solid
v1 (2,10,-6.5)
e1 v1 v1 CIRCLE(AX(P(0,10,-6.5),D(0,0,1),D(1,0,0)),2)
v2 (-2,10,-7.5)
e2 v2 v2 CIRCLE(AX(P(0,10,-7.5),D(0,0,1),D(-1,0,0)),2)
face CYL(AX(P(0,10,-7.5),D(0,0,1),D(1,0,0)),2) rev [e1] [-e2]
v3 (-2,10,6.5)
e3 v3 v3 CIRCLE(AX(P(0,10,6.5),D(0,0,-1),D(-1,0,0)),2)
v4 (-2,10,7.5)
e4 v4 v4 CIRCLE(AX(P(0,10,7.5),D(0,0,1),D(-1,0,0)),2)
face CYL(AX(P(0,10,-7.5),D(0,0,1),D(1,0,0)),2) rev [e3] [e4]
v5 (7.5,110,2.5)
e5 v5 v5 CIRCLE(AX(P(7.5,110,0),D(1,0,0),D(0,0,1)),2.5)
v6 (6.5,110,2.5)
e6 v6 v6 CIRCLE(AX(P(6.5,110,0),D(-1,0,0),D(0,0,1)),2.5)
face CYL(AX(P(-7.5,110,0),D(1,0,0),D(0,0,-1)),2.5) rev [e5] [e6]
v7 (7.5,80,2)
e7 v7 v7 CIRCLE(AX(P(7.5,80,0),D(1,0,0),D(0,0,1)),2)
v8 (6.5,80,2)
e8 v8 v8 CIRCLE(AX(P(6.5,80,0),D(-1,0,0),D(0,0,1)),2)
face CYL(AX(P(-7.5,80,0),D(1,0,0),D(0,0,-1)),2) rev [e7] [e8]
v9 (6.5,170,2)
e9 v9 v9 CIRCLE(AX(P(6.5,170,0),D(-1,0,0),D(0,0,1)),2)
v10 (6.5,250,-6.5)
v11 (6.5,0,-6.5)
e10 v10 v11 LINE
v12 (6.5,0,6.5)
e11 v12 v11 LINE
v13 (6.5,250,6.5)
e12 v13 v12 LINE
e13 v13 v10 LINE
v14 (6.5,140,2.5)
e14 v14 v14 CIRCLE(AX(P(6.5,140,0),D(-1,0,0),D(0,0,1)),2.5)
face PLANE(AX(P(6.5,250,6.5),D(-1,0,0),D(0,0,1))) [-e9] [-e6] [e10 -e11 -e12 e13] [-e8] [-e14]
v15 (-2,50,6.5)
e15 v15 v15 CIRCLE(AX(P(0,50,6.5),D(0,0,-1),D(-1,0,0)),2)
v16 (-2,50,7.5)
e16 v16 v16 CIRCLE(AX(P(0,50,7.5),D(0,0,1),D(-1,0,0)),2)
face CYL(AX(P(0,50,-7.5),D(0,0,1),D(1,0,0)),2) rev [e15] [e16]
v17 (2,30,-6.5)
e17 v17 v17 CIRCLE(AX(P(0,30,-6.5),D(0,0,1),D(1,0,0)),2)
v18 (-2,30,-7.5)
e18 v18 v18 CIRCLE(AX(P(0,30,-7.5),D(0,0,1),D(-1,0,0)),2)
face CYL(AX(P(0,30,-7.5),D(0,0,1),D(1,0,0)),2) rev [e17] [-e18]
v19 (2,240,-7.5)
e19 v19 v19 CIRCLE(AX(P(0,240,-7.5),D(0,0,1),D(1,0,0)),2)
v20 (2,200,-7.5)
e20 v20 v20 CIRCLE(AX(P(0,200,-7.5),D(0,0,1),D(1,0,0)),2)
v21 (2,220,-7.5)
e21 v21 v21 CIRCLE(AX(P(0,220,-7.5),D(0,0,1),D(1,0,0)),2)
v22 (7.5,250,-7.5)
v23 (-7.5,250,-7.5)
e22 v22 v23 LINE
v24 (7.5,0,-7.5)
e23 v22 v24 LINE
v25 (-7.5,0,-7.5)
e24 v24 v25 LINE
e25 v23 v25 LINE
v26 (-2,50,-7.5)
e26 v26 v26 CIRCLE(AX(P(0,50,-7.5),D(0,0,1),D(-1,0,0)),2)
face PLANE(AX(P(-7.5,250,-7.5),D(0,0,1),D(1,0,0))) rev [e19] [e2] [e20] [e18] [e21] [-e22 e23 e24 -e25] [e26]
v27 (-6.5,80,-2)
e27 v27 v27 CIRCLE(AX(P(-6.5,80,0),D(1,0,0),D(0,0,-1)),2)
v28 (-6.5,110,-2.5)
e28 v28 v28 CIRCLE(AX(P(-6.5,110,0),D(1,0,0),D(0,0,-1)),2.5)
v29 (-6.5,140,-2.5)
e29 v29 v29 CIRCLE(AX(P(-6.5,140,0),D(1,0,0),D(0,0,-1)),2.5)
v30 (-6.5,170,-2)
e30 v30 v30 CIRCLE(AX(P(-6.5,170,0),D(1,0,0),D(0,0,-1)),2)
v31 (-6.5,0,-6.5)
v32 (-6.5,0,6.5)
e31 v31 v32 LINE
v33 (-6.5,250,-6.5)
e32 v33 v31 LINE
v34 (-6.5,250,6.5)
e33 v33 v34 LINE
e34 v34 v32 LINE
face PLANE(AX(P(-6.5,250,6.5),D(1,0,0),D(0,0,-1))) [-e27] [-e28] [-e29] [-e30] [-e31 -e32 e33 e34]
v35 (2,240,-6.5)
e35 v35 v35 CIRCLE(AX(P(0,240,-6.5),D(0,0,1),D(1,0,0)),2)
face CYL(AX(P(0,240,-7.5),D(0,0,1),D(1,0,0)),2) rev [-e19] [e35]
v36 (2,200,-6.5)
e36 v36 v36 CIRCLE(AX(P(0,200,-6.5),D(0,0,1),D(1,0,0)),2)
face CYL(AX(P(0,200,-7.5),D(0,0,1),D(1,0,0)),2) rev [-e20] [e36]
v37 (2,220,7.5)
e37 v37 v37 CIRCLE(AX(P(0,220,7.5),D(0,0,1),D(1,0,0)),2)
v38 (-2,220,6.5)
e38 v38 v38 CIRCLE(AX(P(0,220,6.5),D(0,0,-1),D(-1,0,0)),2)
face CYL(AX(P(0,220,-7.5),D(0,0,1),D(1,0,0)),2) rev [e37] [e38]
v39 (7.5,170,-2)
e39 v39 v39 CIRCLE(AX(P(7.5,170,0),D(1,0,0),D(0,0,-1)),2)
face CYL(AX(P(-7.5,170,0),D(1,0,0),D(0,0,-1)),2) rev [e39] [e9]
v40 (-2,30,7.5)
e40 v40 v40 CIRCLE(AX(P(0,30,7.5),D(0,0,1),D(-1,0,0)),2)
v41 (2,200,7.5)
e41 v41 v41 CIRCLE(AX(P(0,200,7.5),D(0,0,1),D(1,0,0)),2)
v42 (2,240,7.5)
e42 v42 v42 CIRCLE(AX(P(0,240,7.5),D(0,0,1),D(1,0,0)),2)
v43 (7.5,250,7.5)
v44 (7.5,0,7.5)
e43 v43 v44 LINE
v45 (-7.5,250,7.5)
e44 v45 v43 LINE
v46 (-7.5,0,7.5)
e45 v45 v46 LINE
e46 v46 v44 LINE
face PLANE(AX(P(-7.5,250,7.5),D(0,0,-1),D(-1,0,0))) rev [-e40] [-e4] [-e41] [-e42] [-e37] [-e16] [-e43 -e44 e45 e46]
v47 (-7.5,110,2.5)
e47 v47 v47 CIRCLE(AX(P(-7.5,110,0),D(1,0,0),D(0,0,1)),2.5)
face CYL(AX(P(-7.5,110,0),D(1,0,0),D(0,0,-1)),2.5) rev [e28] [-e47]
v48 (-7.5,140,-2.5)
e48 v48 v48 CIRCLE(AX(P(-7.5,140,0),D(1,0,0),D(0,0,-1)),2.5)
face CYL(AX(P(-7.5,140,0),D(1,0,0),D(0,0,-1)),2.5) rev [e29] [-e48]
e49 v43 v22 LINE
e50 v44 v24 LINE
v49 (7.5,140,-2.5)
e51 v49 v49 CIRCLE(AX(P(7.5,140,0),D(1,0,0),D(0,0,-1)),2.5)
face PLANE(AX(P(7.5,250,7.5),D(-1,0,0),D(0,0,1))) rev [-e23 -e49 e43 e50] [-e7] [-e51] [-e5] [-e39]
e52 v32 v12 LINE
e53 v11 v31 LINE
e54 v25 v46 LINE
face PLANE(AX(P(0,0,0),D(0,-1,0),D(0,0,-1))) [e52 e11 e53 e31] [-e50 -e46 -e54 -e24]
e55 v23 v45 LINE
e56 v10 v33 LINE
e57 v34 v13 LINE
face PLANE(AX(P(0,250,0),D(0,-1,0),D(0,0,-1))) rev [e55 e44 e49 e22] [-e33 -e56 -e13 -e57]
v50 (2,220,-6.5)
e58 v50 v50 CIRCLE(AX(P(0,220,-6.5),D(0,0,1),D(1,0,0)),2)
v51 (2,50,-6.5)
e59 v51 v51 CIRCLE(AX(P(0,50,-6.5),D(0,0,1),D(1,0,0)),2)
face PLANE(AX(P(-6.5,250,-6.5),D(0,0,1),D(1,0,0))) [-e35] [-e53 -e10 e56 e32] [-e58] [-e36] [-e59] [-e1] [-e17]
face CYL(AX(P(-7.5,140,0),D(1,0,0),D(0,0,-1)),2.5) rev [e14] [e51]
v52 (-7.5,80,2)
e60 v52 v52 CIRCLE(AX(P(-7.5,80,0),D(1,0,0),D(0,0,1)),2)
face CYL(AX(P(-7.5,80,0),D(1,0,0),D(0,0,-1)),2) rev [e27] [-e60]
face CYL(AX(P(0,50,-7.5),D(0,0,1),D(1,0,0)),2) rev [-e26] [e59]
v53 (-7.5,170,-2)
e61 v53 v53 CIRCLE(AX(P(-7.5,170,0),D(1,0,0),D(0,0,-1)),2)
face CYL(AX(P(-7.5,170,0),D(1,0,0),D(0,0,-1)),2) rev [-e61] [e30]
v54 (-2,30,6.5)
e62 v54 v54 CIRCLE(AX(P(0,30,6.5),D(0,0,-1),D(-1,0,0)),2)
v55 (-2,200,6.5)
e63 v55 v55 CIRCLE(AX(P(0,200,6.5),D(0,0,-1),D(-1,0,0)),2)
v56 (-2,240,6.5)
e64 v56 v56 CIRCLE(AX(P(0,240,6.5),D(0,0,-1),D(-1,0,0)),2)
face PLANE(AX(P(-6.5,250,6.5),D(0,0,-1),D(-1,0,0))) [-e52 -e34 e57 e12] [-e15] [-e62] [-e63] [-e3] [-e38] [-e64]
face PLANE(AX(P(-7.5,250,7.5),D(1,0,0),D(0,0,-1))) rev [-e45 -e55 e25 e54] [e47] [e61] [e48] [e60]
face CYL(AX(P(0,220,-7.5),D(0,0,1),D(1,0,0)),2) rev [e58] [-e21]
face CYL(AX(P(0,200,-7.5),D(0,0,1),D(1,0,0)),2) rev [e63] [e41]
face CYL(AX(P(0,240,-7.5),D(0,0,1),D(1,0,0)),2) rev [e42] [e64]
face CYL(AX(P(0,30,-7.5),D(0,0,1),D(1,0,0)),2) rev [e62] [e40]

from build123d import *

# Parameters (mm, degrees)
SKETCH_1_W          = 15
SKETCH_1_H          = 15
SKETCH_1_W_2        = 13
SKETCH_1_H_2        = 13
EXTRUDE_1_DEPTH     = 250
SKETCH_3_R          = 2
CUT_EXTRUDE_2_DEPTH = 251.561868607
SKETCH_5_R          = 2.5
SKETCH_5_R_2        = 2
CUT_EXTRUDE_4_DEPTH = 251.561868607


with BuildPart() as part:
    # 草图1 → 凸台-拉伸1 (new body)
    with BuildSketch(Plane(origin=(0, 0, 0), x_dir=(1, 0, 0), z_dir=(0, 1, 0))):
        Rectangle(SKETCH_1_W, SKETCH_1_H)
        Rectangle(SKETCH_1_W_2, SKETCH_1_H_2, mode=Mode.SUBTRACT)
    extrude(amount=EXTRUDE_1_DEPTH)

    # 草图3 → 切除-拉伸2 (cut, through all)
    with BuildSketch(Plane.XY.offset(7.5)):
        with Locations((0, 240)):
            Circle(SKETCH_3_R)
        with Locations((0, 220)):
            Circle(SKETCH_3_R)
        with Locations(Location((0, 30, 0), (0, 0, 180))):
            Circle(SKETCH_3_R)
        with Locations(Location((0, 10, 0), (0, 0, 180))):
            Circle(SKETCH_3_R)
        with Locations((0, 200)):
            Circle(SKETCH_3_R)
        with Locations(Location((0, 50, 0), (0, 0, 180))):
            Circle(SKETCH_3_R)
    extrude(amount=-CUT_EXTRUDE_2_DEPTH, mode=Mode.SUBTRACT)

    # 草图5 → 切除-拉伸4 (cut, through all)
    with BuildSketch(Plane(origin=(7.5, 0, 0), x_dir=(0, 0, -1), z_dir=(1, 0, 0))):
        with Locations((0, 140)):
            Circle(SKETCH_5_R)
        with Locations((0, 110)):
            Circle(SKETCH_5_R)
        with Locations((0, 170)):
            Circle(SKETCH_5_R_2)
        with Locations((0, 80)):
            Circle(SKETCH_5_R_2)
    extrude(amount=-CUT_EXTRUDE_4_DEPTH, mode=Mode.SUBTRACT)


solid = part.part
